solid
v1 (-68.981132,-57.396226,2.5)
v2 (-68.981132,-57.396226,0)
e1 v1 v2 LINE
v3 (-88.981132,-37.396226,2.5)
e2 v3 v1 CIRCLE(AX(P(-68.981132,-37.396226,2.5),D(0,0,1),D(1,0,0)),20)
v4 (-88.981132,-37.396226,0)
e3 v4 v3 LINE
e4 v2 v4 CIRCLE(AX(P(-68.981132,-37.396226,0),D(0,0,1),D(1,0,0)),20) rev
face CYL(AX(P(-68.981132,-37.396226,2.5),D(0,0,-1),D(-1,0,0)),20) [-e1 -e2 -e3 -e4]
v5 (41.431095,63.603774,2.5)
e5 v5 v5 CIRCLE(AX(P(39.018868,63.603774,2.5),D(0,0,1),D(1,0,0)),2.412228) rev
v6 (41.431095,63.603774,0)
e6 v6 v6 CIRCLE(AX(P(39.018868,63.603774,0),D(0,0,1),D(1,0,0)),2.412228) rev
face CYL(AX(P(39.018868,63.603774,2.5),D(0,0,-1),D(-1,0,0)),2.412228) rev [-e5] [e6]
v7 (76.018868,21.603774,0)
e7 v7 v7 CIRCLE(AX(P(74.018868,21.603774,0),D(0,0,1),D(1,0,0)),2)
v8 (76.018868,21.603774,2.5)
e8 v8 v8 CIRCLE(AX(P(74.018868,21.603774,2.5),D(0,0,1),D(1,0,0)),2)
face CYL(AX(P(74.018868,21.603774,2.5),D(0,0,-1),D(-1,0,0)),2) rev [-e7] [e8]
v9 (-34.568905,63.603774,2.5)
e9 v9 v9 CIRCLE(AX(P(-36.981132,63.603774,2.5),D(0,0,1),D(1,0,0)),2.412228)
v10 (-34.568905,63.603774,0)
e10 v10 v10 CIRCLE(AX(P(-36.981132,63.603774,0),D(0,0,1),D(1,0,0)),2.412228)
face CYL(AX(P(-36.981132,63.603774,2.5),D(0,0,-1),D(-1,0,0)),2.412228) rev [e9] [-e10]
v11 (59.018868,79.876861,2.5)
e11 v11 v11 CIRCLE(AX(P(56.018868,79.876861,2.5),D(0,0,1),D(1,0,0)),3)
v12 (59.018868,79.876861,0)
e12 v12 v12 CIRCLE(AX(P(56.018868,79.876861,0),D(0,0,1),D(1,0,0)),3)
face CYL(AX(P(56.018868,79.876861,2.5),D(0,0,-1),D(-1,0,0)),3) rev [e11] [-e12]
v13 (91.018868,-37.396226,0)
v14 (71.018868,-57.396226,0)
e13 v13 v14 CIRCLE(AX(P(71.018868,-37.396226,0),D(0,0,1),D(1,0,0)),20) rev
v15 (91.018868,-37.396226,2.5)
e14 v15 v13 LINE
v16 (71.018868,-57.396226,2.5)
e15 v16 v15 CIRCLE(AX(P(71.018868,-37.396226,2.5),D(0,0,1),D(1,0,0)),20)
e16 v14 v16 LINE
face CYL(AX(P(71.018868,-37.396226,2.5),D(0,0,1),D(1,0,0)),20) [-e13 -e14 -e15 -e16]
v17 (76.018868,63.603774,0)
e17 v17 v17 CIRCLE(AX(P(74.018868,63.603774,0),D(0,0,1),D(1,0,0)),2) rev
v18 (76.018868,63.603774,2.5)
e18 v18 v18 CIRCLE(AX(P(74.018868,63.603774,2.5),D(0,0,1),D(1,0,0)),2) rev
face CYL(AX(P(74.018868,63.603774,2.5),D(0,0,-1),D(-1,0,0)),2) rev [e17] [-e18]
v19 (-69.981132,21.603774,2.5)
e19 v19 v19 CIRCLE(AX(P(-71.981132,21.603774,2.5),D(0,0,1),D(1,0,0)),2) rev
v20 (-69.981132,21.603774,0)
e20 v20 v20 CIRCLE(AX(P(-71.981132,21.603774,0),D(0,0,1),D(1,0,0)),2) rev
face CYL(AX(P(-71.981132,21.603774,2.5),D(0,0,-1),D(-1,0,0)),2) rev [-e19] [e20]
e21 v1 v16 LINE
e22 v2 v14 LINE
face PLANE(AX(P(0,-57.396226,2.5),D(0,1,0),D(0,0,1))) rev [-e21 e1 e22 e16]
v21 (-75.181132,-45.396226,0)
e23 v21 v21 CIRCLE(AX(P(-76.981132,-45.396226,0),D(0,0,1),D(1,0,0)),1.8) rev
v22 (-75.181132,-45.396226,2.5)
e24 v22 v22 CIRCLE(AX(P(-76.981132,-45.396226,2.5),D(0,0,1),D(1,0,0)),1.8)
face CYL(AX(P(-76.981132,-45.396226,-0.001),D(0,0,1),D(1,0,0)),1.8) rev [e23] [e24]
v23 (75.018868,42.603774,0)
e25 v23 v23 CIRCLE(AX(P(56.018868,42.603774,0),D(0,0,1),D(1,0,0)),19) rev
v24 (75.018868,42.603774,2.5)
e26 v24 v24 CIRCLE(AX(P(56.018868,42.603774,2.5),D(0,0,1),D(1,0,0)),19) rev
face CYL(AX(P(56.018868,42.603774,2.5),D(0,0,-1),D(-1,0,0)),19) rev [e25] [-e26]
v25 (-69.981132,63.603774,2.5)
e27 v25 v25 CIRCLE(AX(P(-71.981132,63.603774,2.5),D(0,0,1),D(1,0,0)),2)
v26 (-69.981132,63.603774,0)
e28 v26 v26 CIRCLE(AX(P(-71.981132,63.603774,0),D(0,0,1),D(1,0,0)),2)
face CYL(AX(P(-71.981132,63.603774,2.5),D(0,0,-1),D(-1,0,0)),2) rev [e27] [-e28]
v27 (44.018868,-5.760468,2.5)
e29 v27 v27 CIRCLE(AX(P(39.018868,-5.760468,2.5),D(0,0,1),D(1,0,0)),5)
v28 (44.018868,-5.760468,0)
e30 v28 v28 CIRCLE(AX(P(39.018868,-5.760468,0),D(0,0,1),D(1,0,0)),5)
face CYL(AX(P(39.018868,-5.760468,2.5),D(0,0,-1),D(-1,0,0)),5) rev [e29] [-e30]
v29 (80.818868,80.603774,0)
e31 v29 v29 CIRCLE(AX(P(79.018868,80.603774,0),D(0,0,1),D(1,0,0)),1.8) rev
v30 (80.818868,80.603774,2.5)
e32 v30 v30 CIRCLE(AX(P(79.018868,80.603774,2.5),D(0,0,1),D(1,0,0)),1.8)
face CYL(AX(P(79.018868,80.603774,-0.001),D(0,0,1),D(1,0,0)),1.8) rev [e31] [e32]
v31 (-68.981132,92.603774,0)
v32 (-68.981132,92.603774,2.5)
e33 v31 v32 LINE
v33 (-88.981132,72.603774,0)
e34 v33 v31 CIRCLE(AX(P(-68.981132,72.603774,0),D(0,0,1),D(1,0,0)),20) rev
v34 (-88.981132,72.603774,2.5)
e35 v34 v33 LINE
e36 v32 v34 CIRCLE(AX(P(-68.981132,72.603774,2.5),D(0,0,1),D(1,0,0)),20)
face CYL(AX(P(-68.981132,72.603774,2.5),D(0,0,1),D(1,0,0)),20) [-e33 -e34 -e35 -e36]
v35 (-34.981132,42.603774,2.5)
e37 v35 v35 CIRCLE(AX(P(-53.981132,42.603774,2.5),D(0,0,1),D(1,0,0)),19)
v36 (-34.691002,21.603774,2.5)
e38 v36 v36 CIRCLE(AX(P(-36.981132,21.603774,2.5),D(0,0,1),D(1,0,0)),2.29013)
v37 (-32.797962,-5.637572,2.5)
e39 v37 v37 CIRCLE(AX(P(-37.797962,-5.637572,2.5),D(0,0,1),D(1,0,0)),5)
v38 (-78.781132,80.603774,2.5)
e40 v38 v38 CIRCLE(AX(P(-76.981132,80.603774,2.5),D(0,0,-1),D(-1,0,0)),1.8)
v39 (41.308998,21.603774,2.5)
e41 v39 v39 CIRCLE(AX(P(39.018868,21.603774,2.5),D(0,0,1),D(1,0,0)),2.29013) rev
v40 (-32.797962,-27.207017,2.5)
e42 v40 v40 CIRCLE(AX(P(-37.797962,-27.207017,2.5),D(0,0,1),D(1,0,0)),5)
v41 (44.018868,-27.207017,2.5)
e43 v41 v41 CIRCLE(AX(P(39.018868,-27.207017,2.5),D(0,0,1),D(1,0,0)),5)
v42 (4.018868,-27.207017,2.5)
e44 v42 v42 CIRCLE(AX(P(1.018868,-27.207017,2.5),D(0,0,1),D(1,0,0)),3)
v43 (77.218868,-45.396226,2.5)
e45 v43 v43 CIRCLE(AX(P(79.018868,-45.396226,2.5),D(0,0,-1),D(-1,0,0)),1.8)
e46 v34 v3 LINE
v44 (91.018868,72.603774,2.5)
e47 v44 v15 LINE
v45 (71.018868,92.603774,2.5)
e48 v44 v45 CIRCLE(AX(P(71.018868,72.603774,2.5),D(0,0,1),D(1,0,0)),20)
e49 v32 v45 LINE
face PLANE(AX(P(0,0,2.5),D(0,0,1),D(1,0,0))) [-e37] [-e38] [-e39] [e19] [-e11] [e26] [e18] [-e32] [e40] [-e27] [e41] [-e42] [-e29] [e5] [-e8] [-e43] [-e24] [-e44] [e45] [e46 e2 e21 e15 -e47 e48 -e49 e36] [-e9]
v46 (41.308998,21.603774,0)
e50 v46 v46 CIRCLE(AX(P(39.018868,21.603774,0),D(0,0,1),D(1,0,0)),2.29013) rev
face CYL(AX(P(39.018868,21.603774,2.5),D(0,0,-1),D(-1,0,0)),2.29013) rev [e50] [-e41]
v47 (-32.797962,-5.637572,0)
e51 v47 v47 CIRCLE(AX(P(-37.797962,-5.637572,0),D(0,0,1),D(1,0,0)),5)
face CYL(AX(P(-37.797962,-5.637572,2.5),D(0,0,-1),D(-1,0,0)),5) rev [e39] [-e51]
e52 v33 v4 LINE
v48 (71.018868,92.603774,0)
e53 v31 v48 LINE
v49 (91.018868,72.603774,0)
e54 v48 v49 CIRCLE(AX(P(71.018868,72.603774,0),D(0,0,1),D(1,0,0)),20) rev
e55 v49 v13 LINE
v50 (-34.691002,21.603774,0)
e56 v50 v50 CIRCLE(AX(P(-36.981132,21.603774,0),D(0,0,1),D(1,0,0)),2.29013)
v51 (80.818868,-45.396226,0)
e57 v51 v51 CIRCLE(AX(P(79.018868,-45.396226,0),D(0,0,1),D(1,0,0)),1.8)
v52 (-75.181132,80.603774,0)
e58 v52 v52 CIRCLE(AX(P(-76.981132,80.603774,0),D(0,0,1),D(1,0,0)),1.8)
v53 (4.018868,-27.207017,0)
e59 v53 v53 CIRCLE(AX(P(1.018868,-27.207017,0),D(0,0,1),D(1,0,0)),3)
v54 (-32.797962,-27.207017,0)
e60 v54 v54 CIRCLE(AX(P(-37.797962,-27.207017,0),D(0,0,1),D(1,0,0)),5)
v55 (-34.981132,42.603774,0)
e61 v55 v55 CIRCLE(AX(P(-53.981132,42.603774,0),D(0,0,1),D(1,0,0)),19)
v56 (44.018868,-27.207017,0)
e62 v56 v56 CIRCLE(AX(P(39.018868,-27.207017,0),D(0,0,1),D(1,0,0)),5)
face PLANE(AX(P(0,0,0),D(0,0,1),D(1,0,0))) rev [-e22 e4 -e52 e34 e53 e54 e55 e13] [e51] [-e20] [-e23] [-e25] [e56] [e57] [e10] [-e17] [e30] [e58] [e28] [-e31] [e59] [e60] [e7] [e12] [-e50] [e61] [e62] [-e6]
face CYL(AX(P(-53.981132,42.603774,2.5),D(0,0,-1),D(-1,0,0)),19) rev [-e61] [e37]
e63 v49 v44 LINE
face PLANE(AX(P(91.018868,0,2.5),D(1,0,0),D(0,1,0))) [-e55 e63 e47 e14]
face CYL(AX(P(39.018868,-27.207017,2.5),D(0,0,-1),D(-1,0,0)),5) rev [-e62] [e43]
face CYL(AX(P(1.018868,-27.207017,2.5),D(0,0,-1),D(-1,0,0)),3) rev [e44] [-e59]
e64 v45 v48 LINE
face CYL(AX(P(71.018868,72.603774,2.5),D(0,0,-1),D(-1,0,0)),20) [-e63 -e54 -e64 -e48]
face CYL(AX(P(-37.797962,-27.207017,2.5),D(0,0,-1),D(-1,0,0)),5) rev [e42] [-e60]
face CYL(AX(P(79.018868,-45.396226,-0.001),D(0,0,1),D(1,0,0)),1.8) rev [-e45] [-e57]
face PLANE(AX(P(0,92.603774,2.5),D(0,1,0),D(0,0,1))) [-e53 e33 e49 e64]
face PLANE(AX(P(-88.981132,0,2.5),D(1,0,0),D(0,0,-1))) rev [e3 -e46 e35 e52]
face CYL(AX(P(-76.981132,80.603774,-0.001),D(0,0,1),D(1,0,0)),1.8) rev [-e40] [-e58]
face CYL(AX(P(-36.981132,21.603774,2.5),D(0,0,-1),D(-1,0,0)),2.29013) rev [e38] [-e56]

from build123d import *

# Parameters (mm, degrees)
SKETCH1_W           = 180
SKETCH1_H           = 150
SKETCH1_R           = 19
SKETCH1_R_2         = 2
SKETCH1_R_3         = 2.412227545
SKETCH1_R_4         = 2.29012976
SKETCH1_R_5         = 5
SKETCH1_R_6         = 3
BOSS_EXTRUDE3_DEPTH = 2.5
FILLET2_R           = 20
CUT_EXTRUDE1_REACH  = 4.5
SKETCH2_R           = 1.8


with BuildPart() as part:
    # Sketch1 → Boss-Extrude3 (new body)
    with BuildSketch(Plane.XY):
        with Locations((1.018867925, 17.603773585)):
            Rectangle(SKETCH1_W, SKETCH1_H)
        with Locations((-53.981132075, 42.603773585)):
            Circle(SKETCH1_R, mode=Mode.SUBTRACT)
        with Locations((-71.981132075, 63.603773585)):
            Circle(SKETCH1_R_2, mode=Mode.SUBTRACT)
        with Locations((-71.981132075, 21.603773585)):
            Circle(SKETCH1_R_2, mode=Mode.SUBTRACT)
        with Locations((-36.981132075, 63.603773585)):
            Circle(SKETCH1_R_3, mode=Mode.SUBTRACT)
        with Locations((-36.981132075, 21.603773585)):
            Circle(SKETCH1_R_4, mode=Mode.SUBTRACT)
        with Locations((39.018867925, 63.603773585)):
            Circle(SKETCH1_R_3, mode=Mode.SUBTRACT)
        with Locations((74.018867925, 63.603773585)):
            Circle(SKETCH1_R_2, mode=Mode.SUBTRACT)
        with Locations((74.018867925, 21.603773585)):
            Circle(SKETCH1_R_2, mode=Mode.SUBTRACT)
        with Locations((39.018867925, 21.603773585)):
            Circle(SKETCH1_R_4, mode=Mode.SUBTRACT)
        with Locations((56.018867925, 42.603773585)):
            Circle(SKETCH1_R, mode=Mode.SUBTRACT)
        with Locations((-37.797961742, -27.20701666)):
            Circle(SKETCH1_R_5, mode=Mode.SUBTRACT)
        with Locations((-37.797961742, -5.637572315)):
            Circle(SKETCH1_R_5, mode=Mode.SUBTRACT)
        with Locations((39.018867925, -5.760467761)):
            Circle(SKETCH1_R_5, mode=Mode.SUBTRACT)
        with Locations((1.018867925, -27.20701666)):
            Circle(SKETCH1_R_6, mode=Mode.SUBTRACT)
        with Locations((39.018867925, -27.20701666)):
            Circle(SKETCH1_R_5, mode=Mode.SUBTRACT)
        with Locations((56.018867925, 79.876860749)):
            Circle(SKETCH1_R_6, mode=Mode.SUBTRACT)
    extrude(amount=BOSS_EXTRUDE3_DEPTH)

    # Fillet2
    fillet2_edges = [part.edges().sort_by_distance(p)[0] for p in [
        (91.018867925, -57.396226415, 1.25),
        (-88.981132075, -57.396226415, 1.25),
        (-88.981132075, 92.603773585, 1.25),
        (91.018867925, 92.603773585, 1.25),
    ]]
    fillet(fillet2_edges, radius=FILLET2_R)

    # Sketch2 → Cut-Extrude1 (cut, up to next)
    with BuildSketch(Plane.XY.offset(2.5), mode=Mode.PRIVATE) as cut_extrude1_sk1:
        with Locations((-76.981132075, -45.396226415)):
            Circle(SKETCH2_R)
    cut_extrude1_tool1 = extrude(cut_extrude1_sk1.sketch, amount=-CUT_EXTRUDE1_REACH, mode=Mode.PRIVATE) & part.part
    add(cut_extrude1_tool1.solids().sort_by_distance((-76.981132, -45.396226, 2.5))[0], mode=Mode.SUBTRACT)
    # Sketch2 → Cut-Extrude1 (cut, up to next)
    with BuildSketch(Plane.XY.offset(2.5), mode=Mode.PRIVATE) as cut_extrude1_sk2:
        with Locations((79.018867925, -45.396226415)):
            Circle(SKETCH2_R)
    cut_extrude1_tool2 = extrude(cut_extrude1_sk2.sketch, amount=-CUT_EXTRUDE1_REACH, mode=Mode.PRIVATE) & part.part
    add(cut_extrude1_tool2.solids().sort_by_distance((79.018868, -45.396226, 2.5))[0], mode=Mode.SUBTRACT)
    # Sketch2 → Cut-Extrude1 (cut, up to next)
    with BuildSketch(Plane.XY.offset(2.5), mode=Mode.PRIVATE) as cut_extrude1_sk3:
        with Locations((-76.981132075, 80.603773585)):
            Circle(SKETCH2_R)
    cut_extrude1_tool3 = extrude(cut_extrude1_sk3.sketch, amount=-CUT_EXTRUDE1_REACH, mode=Mode.PRIVATE) & part.part
    add(cut_extrude1_tool3.solids().sort_by_distance((-76.981132, 80.603774, 2.5))[0], mode=Mode.SUBTRACT)
    # Sketch2 → Cut-Extrude1 (cut, up to next)
    with BuildSketch(Plane.XY.offset(2.5), mode=Mode.PRIVATE) as cut_extrude1_sk4:
        with Locations((79.018867925, 80.603773585)):
            Circle(SKETCH2_R)
    cut_extrude1_tool4 = extrude(cut_extrude1_sk4.sketch, amount=-CUT_EXTRUDE1_REACH, mode=Mode.PRIVATE) & part.part
    add(cut_extrude1_tool4.solids().sort_by_distance((79.018868, 80.603774, 2.5))[0], mode=Mode.SUBTRACT)


solid = part.part
